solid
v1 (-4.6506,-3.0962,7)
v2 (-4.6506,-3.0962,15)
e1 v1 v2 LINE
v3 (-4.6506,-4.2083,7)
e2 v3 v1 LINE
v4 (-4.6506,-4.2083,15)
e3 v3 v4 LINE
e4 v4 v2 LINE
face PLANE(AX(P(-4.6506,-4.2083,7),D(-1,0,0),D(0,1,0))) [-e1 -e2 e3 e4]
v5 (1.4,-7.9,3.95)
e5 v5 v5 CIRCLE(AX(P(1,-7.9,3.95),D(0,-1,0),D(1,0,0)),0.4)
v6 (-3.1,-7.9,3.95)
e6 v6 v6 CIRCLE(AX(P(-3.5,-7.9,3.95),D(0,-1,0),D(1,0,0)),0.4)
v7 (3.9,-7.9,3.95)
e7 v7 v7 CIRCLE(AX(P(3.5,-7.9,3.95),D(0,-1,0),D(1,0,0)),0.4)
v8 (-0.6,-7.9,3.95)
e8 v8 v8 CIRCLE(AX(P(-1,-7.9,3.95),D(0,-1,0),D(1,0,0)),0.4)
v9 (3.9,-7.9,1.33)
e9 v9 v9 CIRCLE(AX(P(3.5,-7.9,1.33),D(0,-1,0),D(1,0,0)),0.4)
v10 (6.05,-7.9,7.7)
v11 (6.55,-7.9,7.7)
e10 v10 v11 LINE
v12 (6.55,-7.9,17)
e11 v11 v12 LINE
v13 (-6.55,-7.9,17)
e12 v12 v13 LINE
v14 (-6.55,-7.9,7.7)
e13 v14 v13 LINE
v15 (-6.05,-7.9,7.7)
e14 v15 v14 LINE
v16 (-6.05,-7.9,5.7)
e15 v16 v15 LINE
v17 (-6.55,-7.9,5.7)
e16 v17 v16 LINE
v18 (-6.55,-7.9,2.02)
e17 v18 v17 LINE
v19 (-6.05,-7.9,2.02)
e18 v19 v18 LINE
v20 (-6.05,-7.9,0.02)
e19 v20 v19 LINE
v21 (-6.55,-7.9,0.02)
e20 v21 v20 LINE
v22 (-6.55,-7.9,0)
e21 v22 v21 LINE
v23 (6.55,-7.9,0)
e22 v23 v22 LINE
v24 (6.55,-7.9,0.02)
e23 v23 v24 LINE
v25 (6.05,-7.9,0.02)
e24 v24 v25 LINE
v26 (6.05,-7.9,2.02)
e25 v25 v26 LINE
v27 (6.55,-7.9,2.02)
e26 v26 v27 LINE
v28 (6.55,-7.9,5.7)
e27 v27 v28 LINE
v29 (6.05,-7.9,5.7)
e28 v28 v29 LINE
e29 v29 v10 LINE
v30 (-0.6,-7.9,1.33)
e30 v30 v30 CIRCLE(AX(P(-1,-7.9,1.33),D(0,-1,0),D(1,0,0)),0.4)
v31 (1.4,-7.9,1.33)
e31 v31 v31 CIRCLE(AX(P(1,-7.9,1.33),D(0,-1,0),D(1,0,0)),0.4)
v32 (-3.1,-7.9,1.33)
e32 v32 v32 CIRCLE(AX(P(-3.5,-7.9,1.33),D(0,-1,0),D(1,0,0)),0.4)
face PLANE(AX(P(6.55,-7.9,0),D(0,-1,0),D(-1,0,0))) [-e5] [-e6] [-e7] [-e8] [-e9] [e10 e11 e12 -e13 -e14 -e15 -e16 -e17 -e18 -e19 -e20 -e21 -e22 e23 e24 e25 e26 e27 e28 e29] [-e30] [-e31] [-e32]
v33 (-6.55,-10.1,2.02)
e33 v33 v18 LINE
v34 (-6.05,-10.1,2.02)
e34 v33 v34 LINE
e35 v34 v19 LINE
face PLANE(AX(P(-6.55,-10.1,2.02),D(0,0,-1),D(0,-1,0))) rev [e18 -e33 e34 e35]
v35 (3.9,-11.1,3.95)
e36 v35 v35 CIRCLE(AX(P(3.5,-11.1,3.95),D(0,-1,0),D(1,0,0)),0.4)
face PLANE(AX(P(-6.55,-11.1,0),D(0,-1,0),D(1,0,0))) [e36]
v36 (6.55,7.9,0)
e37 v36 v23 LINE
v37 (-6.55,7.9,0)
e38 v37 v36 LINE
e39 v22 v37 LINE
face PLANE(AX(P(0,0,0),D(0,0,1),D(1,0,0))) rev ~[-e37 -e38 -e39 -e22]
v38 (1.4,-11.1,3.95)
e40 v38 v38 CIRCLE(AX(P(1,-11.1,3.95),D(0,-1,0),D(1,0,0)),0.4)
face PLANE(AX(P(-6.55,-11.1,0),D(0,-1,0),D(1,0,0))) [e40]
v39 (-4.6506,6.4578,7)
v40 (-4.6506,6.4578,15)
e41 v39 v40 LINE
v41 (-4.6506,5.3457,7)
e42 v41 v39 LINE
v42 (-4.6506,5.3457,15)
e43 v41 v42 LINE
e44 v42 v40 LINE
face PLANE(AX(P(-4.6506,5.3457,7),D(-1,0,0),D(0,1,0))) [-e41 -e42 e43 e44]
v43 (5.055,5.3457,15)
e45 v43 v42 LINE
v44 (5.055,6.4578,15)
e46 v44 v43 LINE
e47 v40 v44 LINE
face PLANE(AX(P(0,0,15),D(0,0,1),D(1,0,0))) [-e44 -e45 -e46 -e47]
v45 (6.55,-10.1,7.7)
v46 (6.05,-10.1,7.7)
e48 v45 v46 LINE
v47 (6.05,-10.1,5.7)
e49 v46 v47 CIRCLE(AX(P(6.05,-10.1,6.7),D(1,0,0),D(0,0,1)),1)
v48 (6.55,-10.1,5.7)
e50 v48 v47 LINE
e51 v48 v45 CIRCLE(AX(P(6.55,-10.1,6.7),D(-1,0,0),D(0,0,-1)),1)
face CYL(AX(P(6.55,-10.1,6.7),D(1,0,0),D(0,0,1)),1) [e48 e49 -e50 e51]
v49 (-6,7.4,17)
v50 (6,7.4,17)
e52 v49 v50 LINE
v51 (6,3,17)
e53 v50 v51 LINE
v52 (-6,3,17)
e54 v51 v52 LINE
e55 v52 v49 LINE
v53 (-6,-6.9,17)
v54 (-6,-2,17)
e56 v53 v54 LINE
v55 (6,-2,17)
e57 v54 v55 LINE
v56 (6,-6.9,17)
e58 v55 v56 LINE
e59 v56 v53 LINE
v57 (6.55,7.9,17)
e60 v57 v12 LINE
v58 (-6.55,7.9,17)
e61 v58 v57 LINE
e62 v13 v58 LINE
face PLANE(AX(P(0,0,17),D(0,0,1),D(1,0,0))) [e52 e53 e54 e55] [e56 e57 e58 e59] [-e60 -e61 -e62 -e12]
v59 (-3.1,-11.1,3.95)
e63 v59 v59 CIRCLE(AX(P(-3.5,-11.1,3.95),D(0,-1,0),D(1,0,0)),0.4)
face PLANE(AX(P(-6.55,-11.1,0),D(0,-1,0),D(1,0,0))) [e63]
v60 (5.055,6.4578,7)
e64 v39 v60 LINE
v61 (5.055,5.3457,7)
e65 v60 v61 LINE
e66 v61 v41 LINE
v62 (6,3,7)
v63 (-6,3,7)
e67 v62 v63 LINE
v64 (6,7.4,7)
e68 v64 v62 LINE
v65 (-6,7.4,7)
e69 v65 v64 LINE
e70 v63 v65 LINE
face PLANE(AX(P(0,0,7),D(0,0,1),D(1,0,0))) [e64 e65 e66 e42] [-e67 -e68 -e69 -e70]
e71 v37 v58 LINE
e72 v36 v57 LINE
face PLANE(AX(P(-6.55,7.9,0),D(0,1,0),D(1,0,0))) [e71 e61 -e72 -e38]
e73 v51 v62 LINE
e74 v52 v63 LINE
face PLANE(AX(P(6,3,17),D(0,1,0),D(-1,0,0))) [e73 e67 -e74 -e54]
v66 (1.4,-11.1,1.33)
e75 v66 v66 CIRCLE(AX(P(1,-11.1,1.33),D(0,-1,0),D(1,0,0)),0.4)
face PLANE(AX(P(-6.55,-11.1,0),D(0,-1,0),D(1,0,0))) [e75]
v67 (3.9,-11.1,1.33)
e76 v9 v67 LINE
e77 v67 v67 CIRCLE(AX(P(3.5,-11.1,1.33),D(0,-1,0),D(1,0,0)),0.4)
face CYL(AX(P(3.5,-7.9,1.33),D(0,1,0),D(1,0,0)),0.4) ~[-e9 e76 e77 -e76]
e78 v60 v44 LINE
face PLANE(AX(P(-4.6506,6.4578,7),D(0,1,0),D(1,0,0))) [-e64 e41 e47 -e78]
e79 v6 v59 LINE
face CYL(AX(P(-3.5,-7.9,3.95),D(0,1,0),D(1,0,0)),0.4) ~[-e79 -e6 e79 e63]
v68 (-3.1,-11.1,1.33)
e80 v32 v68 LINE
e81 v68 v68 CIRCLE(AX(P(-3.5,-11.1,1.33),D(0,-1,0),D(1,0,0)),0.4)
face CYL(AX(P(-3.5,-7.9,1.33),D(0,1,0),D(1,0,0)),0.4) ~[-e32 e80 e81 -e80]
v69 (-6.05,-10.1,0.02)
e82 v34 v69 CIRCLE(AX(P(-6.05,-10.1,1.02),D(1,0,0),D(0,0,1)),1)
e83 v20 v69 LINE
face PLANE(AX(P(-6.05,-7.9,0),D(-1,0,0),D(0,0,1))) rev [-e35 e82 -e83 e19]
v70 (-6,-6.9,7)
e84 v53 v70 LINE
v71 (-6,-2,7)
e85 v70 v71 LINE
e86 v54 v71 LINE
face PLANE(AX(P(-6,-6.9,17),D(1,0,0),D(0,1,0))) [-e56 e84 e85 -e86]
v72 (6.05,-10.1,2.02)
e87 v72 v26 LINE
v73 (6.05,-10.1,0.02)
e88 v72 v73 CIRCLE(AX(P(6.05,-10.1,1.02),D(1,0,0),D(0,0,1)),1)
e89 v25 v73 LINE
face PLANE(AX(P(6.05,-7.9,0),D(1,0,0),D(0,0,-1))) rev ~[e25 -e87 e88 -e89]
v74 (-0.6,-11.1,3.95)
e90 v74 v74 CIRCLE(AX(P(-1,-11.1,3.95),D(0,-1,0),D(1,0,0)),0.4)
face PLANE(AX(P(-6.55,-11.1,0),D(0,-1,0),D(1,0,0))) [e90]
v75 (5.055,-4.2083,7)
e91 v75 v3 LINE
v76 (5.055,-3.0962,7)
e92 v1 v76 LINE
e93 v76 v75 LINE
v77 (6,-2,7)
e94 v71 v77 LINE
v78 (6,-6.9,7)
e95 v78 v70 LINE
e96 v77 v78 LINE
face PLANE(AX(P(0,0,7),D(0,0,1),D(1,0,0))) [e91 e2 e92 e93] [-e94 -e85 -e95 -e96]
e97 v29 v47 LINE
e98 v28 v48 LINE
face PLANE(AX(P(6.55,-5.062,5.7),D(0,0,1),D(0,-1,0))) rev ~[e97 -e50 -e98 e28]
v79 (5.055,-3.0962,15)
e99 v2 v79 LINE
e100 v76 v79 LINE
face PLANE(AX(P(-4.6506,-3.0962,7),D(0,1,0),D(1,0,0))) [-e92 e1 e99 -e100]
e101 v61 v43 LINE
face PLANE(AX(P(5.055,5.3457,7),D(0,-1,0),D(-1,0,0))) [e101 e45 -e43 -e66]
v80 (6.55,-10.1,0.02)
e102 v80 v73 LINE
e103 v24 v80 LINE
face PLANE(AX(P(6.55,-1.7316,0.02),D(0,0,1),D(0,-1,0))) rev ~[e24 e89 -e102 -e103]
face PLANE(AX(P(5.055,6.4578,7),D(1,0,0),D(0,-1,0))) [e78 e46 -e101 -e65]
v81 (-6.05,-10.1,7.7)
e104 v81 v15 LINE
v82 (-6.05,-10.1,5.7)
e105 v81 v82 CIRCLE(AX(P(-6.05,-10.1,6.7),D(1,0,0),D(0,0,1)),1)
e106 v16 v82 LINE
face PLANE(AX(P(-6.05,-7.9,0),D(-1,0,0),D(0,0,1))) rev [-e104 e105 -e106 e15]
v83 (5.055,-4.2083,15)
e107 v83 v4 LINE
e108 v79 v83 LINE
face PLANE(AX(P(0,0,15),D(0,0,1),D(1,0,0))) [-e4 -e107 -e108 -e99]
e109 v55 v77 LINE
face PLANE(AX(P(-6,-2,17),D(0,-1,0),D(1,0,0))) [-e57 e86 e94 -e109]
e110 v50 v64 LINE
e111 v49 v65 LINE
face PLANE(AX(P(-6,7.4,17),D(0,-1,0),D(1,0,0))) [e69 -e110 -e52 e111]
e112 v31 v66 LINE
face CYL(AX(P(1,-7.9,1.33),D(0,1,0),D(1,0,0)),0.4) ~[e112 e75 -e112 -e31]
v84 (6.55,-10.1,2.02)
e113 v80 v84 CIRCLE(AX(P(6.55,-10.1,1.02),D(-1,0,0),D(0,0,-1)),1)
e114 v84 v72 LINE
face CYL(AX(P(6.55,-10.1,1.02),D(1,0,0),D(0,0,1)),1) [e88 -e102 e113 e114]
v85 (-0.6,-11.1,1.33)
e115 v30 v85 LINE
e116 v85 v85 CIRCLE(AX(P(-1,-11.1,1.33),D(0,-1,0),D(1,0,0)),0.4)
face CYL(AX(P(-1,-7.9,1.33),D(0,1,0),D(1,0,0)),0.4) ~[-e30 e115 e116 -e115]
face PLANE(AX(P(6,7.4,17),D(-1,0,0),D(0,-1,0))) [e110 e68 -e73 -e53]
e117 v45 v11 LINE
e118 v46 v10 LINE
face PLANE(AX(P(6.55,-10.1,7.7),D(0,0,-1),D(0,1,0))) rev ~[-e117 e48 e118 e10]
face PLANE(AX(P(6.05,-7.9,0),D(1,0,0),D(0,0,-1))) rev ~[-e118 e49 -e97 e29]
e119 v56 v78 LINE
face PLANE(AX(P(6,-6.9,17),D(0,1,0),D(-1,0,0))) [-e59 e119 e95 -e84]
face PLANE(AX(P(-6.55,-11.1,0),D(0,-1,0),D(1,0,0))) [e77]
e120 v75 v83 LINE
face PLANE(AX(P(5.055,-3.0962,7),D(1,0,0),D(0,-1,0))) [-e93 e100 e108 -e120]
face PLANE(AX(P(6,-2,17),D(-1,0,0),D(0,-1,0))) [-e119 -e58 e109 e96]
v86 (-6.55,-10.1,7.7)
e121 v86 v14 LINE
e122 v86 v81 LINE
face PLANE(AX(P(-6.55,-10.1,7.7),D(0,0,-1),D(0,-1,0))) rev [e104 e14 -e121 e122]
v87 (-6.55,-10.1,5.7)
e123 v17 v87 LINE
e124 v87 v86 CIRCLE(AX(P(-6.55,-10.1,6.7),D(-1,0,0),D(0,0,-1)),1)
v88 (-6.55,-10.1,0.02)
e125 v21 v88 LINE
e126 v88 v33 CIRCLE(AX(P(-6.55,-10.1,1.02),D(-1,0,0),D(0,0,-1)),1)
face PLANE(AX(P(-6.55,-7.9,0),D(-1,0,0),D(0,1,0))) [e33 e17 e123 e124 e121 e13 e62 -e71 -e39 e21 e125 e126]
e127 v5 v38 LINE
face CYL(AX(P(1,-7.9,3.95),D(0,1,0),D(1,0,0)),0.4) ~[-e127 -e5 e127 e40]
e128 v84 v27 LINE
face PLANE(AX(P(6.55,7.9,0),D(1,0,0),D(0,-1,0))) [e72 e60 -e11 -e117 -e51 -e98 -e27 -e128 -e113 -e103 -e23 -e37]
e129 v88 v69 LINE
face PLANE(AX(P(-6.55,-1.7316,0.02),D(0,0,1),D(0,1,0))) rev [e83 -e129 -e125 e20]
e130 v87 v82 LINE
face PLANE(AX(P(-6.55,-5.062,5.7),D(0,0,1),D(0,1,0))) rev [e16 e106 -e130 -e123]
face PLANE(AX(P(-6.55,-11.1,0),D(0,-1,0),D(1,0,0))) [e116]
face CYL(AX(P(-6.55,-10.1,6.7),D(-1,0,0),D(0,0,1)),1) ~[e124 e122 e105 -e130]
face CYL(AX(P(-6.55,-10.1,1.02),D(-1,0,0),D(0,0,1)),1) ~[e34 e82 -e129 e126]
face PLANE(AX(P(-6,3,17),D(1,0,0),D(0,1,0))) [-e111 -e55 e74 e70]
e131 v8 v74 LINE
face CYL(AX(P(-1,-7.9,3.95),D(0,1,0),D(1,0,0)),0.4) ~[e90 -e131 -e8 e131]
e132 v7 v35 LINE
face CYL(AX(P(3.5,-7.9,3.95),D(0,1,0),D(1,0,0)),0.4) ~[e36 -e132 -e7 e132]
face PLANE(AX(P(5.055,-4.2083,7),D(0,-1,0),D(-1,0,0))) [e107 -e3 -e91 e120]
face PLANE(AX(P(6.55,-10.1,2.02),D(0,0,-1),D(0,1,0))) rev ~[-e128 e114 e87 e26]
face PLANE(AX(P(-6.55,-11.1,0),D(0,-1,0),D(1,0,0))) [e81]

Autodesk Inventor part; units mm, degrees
ref_plane "YZ Plane" through (0, 0, 0) normal (1, 0, 0) x (0, 1, 0)
ref_plane "XZ Plane" through (0, 0, 0) normal (0, 1, 0) x (-1, 0, 0)
ref_plane "XY Plane" through (0, 0, 0) normal (0, 0, 1) x (1, 0, 0)
sketch "Sketch1" plane through (0, 0, 0) normal (0, 0, 1) x (1, 0, 0)
  line L0 (-6.55, 7.9) -> (6.55, 7.9)
  line L1 (6.55, 7.9) -> (6.55, -7.9)
  line L2 (6.55, -7.9) -> (-6.55, -7.9)
  line L3 (-6.55, -7.9) -> (-6.55, 7.9)
  point P0 (0, 0)
  dimension "d0" = 13.1
  dimension "d1" = 15.8
  dimension "d2" = 7.9
  dimension "d3" = 6.55
extrude "Extrusion1" add sketch "Sketch1" along normal blind 17
sketch "Sketch2" plane through (0, 0, 17) normal (0, 0, 1) x (1, 0, 0)
  line L0 (-6, 7.4) -> (6, 7.4)
  line L1 (6, 7.4) -> (6, 3)
  line L2 (6, 3) -> (-6, 3)
  line L3 (-6, 3) -> (-6, 7.4)
  line L4 (-6, -2) -> (6, -2)
  line L5 (6, -2) -> (6, -6.9)
  line L6 (6, -6.9) -> (-6, -6.9)
  line L7 (-6, -6.9) -> (-6, -2)
  line L8 (-6.55, -7.9) -> (6.55, -7.9) projected
  line L9 (6.55, 7.9) -> (-6.55, 7.9) projected
  point P0 (0, 0)
  dimension "d6" = 12
  dimension "d7" = 12
  dimension "d8" = 6
  dimension "d9" = 1
  dimension "d10" = 0.5
  dimension "d11" = 5
  dimension "d12" = 2
extrude "Extrusion2" cut sketch "Sketch2" against normal blind 10
sketch "Sketch3" plane through (0, 0, 7) normal (0, 0, 1) x (1, 0, 0)
  line L0 (-4.6506, 6.4578) -> (5.055, 6.4578)
  line L1 (5.055, 6.4578) -> (5.055, 5.3457)
  line L2 (5.055, 5.3457) -> (-4.6506, 5.3457)
  line L3 (-4.6506, 5.3457) -> (-4.6506, 6.4578)
  line L4 (-4.6506, -3.0962) -> (5.055, -3.0962)
  line L5 (5.055, -3.0962) -> (5.055, -4.2083)
  line L6 (5.055, -4.2083) -> (-4.6506, -4.2083)
  line L7 (-4.6506, -4.2083) -> (-4.6506, -3.0962)
  point P0 (0, 0)
extrude "Extrusion3" add sketch "Sketch3" along normal blind 8
sketch "Sketch4" plane through (6.55, -7.9, 0) normal (1, 0, 0) x (0, 0, -1)
  line L0 (-7.7, 2.838) -> (-5.7, 2.838)
  line L1 (-5.7, 2.838) -> (-5.7, -3.2)
  line L2 (-5.7, -3.2) -> (-7.7, -3.2)
  line L3 (-7.7, -3.2) -> (-7.7, 2.838)
  line L4 (-17, 0) -> (-17, 15.8) projected
  line L5 (-2.02, 6.1684) -> (-0.02, 6.1684)
  line L6 (-0.02, 6.1684) -> (-0.02, -3.2)
  line L7 (-0.02, -3.2) -> (-2.02, -3.2)
  line L8 (-2.02, -3.2) -> (-2.02, 6.1684)
  arc A0 (-7.7, -2.2) -> (-5.7, -2.2) centre (-6.7, -2.2) ccw
  arc A1 (-2.02, -2.2) -> (-0.02, -2.2) centre (-1.02, -2.2) ccw
  point P0 (0, 7.9)
  dimension "d17" = 2
  dimension "d18" = 9.3
  dimension "d19" = 2
  dimension "d20" = 3.68
  dimension "d21" = 3.2
  dimension "d22" = 0
extrude "Extrusion4" add sketch "Sketch4" against normal blind 0.5 contours L0 L1 A0 L3 | L5 L6 A1 L8
sketch "Sketch5" plane through (-6.55, -7.9, 0) normal (0, -1, 0) x (1, 0, 0)
  line L0 (13.8244, 1.33) -> (1.8735, 1.33) construction
  line L1 (13.8244, 3.95) -> (1.8735, 3.95) construction
  line L2 (13.1, 7.7) -> (12.6, 7.7) projected
  circle A0 centre (5.55, 1.33) radius 0.4
  circle A1 centre (5.55, 3.95) radius 0.4
  circle A2 centre (7.55, 1.33) radius 0.4
  circle A3 centre (7.55, 3.95) radius 0.4
  circle A4 centre (3.05, 1.33) radius 0.4
  circle A5 centre (3.05, 3.95) radius 0.4
  circle A6 centre (10.05, 3.95) radius 0.4
  circle A7 centre (10.05, 1.33) radius 0.4
  point P0 (6.55, 0)
  dimension "d25" = 2.62
  dimension "d26" = 3.75
  dimension "d27" = 2
  dimension "d28" = 1
  dimension "d29" = 2
  dimension "d30" = 1
  dimension "d31" = 2.5
  dimension "d32" = 2.5
  dimension "d33" = 2.5
  dimension "d34" = 2.5
  dimension "d35" = 0.8
  dimension "d36" = 0.8
  dimension "d37" = 0.8
  dimension "d38" = 0.8
  dimension "d39" = 0.8
  dimension "d40" = 0.8
  dimension "d41" = 0.8
  dimension "d42" = 0.8
extrude "Extrusion5" add sketch "Sketch5" along normal blind 3.2
mirror "Mirror1" about plane through (0, 0, 0) normal (1, 0, 0) of "Extrusion4"
properties part number "USBA_Stack"
